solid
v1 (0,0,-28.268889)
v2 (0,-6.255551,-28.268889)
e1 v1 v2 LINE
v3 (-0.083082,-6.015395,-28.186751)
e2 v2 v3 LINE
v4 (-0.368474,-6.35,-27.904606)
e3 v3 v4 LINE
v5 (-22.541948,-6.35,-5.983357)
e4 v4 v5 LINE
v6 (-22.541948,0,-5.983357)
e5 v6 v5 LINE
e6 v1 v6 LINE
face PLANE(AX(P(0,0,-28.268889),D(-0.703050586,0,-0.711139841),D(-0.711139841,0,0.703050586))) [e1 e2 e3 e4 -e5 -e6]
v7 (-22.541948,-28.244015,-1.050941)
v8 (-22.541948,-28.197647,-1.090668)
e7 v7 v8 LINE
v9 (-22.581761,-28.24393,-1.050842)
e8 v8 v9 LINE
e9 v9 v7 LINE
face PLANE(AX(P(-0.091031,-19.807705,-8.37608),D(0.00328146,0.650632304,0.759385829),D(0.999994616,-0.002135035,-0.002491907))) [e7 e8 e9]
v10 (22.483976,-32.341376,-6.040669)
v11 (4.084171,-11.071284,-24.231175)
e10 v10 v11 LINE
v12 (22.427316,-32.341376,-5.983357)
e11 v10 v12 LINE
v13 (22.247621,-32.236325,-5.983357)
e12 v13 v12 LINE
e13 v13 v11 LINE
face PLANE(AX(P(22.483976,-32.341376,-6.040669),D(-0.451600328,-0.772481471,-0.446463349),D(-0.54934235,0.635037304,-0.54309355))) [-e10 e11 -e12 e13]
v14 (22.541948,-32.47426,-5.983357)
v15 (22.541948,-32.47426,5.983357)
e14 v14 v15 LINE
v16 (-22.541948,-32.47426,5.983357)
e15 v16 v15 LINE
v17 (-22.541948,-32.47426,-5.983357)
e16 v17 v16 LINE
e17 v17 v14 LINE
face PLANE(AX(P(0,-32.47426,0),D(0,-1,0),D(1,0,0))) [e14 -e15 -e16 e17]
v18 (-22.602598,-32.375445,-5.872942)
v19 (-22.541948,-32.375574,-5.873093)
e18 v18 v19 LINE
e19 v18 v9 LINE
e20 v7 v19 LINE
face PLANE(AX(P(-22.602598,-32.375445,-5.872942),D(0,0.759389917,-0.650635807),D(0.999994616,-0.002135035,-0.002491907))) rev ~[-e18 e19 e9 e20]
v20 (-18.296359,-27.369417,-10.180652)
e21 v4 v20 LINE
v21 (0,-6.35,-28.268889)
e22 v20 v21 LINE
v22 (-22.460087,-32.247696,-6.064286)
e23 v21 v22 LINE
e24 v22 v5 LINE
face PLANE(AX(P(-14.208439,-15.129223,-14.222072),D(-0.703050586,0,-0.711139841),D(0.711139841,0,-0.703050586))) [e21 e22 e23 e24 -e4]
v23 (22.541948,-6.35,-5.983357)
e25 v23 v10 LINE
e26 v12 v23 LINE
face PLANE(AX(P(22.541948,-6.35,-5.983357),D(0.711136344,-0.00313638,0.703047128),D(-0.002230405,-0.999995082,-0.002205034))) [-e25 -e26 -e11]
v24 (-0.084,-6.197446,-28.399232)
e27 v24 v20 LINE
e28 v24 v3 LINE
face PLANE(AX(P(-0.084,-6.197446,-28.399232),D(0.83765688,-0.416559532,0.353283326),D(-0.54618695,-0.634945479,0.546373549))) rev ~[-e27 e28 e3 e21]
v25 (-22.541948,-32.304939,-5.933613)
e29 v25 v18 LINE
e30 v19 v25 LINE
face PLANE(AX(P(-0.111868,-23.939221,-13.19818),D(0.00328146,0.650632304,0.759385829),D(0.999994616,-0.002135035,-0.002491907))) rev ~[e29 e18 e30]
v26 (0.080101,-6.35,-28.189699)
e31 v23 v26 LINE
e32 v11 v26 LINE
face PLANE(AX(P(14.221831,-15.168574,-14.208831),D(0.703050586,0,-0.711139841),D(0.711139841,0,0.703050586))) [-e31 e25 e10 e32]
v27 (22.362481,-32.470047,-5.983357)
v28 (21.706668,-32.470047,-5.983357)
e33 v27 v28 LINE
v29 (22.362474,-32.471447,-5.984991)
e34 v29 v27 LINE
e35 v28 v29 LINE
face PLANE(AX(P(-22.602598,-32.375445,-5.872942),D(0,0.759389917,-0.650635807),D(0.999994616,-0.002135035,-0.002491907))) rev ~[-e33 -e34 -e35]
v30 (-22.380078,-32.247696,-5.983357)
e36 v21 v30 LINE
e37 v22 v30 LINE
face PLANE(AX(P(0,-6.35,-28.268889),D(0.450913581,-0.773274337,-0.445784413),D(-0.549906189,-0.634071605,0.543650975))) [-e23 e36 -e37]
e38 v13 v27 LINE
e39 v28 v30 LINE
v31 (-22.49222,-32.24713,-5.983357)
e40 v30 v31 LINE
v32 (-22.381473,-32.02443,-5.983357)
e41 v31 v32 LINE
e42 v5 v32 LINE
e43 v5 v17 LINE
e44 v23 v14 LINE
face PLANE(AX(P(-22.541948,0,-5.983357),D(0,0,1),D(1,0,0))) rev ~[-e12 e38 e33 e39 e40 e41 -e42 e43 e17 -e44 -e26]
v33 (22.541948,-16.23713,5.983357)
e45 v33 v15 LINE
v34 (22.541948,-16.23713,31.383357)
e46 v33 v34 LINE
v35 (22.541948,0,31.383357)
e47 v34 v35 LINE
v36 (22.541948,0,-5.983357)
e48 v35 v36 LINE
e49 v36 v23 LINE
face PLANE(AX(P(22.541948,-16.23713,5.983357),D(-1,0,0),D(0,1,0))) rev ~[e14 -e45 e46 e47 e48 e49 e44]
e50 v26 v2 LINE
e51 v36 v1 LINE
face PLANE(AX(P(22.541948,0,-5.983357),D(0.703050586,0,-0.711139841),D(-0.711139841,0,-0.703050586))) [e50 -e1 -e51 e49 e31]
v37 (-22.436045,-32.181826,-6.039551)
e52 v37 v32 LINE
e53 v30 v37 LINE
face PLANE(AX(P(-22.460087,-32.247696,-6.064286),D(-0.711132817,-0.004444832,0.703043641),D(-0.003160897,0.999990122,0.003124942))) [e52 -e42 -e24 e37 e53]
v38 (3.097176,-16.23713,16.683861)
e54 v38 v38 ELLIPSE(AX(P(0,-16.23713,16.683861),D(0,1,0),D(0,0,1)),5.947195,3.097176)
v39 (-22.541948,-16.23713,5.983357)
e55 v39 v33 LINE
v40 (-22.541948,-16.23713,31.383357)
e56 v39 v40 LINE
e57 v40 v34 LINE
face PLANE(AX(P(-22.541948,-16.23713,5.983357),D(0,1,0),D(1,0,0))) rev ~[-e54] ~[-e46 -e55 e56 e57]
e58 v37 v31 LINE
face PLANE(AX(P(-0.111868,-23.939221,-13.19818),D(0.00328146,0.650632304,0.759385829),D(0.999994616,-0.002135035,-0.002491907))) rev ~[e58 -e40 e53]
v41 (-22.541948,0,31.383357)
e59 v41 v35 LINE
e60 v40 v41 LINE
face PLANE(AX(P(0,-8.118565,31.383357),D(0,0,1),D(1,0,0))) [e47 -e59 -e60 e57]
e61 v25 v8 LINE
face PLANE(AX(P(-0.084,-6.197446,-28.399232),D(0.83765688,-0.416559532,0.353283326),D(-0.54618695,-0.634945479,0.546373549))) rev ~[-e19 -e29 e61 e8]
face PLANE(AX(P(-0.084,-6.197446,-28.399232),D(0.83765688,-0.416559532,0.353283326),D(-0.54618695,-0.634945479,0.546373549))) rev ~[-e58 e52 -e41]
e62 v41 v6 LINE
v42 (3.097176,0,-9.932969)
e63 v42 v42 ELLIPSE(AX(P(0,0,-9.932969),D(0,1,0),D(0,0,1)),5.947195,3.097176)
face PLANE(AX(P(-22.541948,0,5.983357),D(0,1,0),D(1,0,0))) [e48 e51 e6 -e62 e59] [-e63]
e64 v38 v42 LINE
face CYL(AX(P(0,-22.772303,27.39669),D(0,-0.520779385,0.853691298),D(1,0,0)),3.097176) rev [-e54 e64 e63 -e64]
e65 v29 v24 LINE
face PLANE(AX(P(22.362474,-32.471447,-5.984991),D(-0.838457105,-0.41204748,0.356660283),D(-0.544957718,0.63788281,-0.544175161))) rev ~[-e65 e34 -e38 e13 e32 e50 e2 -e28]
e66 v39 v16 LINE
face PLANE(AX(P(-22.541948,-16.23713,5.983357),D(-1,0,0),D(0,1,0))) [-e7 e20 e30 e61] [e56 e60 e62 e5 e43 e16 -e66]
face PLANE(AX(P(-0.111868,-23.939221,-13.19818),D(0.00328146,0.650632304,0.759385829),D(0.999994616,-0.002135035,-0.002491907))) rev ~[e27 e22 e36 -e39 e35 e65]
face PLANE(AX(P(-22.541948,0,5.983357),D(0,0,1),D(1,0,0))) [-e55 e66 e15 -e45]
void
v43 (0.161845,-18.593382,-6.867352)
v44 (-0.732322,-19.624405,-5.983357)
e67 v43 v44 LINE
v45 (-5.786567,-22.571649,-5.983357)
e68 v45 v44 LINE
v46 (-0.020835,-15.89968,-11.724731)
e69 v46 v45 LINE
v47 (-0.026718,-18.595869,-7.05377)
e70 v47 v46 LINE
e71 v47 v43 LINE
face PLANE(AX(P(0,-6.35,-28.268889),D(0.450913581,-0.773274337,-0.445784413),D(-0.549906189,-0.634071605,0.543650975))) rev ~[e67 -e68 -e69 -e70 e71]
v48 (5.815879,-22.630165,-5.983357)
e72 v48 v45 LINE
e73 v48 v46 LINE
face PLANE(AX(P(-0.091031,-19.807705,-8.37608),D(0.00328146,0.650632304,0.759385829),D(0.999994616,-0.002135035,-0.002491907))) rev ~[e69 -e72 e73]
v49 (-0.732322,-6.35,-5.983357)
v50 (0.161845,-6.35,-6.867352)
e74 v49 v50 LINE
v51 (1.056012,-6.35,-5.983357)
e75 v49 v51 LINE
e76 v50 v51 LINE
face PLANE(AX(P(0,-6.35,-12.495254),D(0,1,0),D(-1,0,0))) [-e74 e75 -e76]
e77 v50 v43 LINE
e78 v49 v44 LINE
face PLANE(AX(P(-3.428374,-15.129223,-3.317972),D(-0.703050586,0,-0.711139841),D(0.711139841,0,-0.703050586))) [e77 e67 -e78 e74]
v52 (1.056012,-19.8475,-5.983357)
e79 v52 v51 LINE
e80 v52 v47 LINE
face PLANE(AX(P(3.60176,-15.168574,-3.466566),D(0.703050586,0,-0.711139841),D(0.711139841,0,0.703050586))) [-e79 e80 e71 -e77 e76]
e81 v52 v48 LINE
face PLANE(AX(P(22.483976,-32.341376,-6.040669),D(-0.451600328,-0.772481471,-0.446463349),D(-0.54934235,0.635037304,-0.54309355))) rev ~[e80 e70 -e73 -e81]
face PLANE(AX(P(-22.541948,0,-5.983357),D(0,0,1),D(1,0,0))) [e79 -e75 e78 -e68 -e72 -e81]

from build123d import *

# Parameters (mm, degrees)
F0_W      = 45.0838953257
F0_H      = 11.9667137042
F1_DEPTH  = 32.47426
F3_DEPTH  = 6.35
F4_W      = 45.0838953257
F4_H      = 16.23713
F5_DEPTH  = 25.4
F7_DEPTH  = 15.33327
F9_DEPTH  = 15.1057
F12_DEPTH = 6.35
F15_R     = 3.0971764623
F16_DEPTH = 50.8


with BuildPart() as f1:
    # F0 (on Front) → F1 (new body)
    with BuildSketch(Plane.XZ):
        Rectangle(F0_W, F0_H)
    extrude(amount=F1_DEPTH)

    # F2 (on face) → F3 (join)
    with BuildSketch(Plane(origin=(0, 0, 0), x_dir=(-1, 0, 0), z_dir=(0, 1, 0))):
        Polygon((-22.5419476628, -5.9833568521), (0, -28.2688885927), (22.5419476628, -5.9833568521), align=None)
    extrude(amount=-F3_DEPTH)

    # F4 (on face) → F5 (join)
    with BuildSketch(Plane.XY.offset(5.9833568521)):
        with Locations((0, -8.118565)):
            Rectangle(F4_W, F4_H)
    extrude(amount=F5_DEPTH)

    # F6 (on face) → F7 (join)
    with BuildSketch(Plane(origin=(-14.1335193941, 0, -14.2961387765), x_dir=(0.7111398414, 0, -0.7030505857), z_dir=(-0.7030505857, 0, -0.7111398414))):
        Polygon((-11.8238745458, 6.35), (19.8744586816, 6.35), (-11.7087624967, 32.2476960719), align=None)
    extrude(amount=-F7_DEPTH)

    # F8 (on face) → F9 (join)
    with BuildSketch(Plane(origin=(14.1335193941, 0, -14.2961387765), x_dir=(0.7111398414, 0, 0.7030505857), z_dir=(0.7030505857, 0, -0.7111398414))):
        Polygon((11.742355302, 32.341375947), (-19.8744586816, 6.35), (11.8238745458, 6.35), align=None)
    extrude(amount=-F9_DEPTH)

    # F11 (on 3pt) → F12 (join)
    with BuildSketch(Plane(origin=(-0.0840004707, -16.6552165824, -19.4391446065), x_dir=(0.999994616, -0.0021350351, -0.0024919073), z_dir=(0.0032814596, 0.6506323042, 0.7593858287))):
        Polygon((22.4465951324, -20.7644402981), (0, 13.771279715), (-22.5187186152, -20.7644402981), align=None)
    extrude(amount=F12_DEPTH)

    # F15 (on 3pt) → F16 (cut)
    with BuildSketch(Plane(origin=(0, -18.3562553404, 30.0906216504), x_dir=(1, 0, 0), z_dir=(0, 0.5207793852, -0.8536912978))):
        with Locations((0, 5.1728854887)):
            Circle(F15_R)
    extrude(amount=F16_DEPTH, mode=Mode.SUBTRACT)


solid = f1.part
